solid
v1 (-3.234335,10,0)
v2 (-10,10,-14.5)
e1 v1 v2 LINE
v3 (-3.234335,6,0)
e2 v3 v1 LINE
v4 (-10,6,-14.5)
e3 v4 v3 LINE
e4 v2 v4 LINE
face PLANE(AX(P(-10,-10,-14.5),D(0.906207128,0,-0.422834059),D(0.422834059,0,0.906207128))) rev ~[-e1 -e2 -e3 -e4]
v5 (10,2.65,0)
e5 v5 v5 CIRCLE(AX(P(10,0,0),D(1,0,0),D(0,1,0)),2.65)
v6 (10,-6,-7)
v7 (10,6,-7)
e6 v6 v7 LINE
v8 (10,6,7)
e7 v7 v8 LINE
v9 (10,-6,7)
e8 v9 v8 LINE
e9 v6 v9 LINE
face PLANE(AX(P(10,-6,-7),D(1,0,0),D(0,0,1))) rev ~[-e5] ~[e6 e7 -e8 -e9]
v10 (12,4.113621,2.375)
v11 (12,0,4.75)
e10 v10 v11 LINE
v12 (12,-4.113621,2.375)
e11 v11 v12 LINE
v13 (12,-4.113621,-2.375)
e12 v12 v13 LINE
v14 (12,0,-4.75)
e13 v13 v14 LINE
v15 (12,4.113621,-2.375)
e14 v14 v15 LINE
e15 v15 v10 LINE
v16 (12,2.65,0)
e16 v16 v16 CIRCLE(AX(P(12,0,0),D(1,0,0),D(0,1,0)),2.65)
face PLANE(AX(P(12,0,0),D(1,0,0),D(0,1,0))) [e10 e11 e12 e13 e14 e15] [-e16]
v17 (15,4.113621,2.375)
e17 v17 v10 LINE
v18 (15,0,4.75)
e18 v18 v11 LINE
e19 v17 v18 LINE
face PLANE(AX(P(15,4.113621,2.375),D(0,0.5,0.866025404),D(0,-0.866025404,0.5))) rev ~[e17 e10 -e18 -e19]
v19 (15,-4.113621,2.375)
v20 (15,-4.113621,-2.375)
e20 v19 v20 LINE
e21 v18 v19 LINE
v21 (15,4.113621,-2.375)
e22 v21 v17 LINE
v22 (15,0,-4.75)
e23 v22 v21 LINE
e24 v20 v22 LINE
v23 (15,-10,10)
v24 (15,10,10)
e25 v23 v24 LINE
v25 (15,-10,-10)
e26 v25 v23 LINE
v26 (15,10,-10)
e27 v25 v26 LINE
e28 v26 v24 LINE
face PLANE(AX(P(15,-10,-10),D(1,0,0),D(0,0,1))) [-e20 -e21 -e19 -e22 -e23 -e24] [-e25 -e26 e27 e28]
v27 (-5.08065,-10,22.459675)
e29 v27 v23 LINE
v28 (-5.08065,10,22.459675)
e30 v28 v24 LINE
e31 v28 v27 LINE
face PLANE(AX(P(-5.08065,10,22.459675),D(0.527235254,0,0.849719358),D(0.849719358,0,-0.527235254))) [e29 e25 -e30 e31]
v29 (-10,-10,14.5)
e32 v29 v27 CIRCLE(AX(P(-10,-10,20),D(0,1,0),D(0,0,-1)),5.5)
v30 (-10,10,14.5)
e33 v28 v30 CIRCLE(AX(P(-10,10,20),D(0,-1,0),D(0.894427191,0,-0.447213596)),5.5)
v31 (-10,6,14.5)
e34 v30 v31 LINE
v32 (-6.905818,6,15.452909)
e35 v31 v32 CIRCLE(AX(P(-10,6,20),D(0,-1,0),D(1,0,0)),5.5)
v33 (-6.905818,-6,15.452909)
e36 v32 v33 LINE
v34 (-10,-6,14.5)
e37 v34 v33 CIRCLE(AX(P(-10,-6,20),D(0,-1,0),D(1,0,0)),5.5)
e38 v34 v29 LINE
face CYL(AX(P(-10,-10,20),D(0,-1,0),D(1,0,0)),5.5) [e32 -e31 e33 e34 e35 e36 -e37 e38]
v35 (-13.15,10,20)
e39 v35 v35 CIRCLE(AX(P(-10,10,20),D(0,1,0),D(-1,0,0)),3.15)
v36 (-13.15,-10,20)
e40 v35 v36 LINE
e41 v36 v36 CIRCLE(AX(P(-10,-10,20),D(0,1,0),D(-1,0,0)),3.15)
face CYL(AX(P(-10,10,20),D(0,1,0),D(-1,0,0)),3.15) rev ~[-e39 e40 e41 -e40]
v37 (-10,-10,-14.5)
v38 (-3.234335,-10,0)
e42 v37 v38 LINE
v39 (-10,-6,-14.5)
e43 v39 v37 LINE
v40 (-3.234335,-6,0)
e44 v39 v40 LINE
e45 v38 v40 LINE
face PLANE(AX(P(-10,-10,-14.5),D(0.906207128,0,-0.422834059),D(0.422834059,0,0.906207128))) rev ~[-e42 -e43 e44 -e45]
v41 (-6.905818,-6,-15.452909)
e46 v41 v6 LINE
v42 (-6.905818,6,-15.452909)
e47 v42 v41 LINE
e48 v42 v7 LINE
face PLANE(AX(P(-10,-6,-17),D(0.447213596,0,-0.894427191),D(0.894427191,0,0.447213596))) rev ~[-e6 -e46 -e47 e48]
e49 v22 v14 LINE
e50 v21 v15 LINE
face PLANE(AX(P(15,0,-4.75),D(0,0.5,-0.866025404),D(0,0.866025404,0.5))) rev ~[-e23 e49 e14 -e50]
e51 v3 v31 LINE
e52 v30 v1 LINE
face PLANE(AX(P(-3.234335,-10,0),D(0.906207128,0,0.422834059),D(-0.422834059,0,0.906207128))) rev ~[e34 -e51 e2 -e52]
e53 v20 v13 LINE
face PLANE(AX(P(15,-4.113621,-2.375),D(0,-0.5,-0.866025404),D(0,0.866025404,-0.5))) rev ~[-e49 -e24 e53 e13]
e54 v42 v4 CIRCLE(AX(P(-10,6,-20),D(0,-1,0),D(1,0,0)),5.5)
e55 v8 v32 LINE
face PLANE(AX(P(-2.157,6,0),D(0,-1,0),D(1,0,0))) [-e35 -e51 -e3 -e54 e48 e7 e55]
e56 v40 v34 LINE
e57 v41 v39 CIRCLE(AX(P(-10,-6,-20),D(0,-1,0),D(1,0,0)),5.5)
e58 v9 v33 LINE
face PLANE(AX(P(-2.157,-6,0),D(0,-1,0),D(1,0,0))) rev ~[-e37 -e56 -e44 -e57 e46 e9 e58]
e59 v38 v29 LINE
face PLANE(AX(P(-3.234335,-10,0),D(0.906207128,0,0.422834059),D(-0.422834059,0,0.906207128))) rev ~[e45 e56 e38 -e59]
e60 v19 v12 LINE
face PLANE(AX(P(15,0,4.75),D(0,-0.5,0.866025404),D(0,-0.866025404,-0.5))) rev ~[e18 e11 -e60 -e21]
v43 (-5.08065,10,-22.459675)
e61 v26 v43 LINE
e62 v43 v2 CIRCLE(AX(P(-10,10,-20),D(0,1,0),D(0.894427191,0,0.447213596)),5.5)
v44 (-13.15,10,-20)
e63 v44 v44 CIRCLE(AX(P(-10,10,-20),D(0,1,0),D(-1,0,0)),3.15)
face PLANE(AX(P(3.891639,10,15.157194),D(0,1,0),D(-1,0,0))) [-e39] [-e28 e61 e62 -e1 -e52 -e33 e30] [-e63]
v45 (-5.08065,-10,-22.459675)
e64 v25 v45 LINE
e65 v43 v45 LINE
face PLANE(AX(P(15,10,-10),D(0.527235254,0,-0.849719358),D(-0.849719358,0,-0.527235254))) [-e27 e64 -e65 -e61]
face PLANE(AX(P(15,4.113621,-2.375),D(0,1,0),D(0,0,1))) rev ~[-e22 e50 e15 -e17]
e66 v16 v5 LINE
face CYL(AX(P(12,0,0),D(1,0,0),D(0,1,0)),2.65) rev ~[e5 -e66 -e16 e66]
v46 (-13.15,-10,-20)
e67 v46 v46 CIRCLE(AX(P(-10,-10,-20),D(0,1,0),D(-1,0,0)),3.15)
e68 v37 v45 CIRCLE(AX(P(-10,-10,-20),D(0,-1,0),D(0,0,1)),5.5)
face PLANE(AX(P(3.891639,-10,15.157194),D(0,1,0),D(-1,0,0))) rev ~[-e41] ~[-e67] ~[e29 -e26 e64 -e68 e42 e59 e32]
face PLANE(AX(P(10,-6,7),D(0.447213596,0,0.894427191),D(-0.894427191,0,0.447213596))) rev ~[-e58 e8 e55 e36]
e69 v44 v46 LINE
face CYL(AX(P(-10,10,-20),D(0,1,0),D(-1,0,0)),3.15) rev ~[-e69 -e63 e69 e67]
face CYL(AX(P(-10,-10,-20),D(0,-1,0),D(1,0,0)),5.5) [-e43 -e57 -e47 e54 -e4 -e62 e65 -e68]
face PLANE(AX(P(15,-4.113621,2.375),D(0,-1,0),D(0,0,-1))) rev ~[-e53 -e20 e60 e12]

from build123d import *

# Parameters (mm, degrees)
F1_DEPTH  = 10
F2_W      = 5
F2_H      = 20
F3_DEPTH  = 20
F5_DEPTH  = 3
F8_DEPTH  = 12
F9_R      = 5.5
F10_DEPTH = 20
F11_R     = 2.65
F12_DEPTH = 25
F13_R     = 3.15
F14_DEPTH = 25
F16_DEPTH = 20
F18_DEPTH = 25


with BuildPart() as f1:
    # F0 (on Front) → F1 (new body, symmetric)
    with BuildSketch(Plane.XZ):
        Polygon((-10, 20), (-10, -20), (10, -10), (10, 10), align=None)
    extrude(amount=F1_DEPTH, both=True)

    # F2 (on face) → F3 (join, through all)
    with BuildSketch(Plane.XZ.offset(10)):
        with Locations((12.5, 0)):
            Rectangle(F2_W, F2_H)
    extrude(amount=-F3_DEPTH)

    # F4 (on face) → F5 (cut)
    with BuildSketch(Plane.YZ.offset(15)):
        Polygon((0, -4.75), (4.113620668, -2.375), (4.113620668, 2.375), (0, 4.75), (-4.1136206679, 2.375), (-4.1136206679, -2.375), align=None)
    extrude(amount=-F5_DEPTH, mode=Mode.SUBTRACT)

    # F7 (on offset) → F8 (cut, through all)
    with BuildSketch(Plane.XZ.offset(6)):
        Polygon((-10, 17), (-10, -17), (10, -7), (10, 7), align=None)
    extrude(amount=-F8_DEPTH, mode=Mode.SUBTRACT)

    # F9 (on face) → F10 (join, through all)
    with BuildSketch(Plane.XZ.offset(10)):
        with Locations((-10, 20)):
            Circle(F9_R)
        with Locations((-10, -20)):
            Circle(F9_R)
    extrude(amount=-F10_DEPTH)

    # F11 (on face) → F12 (cut)
    with BuildSketch(Plane.YZ.offset(12)):
        Circle(F11_R)
    extrude(amount=-F12_DEPTH, mode=Mode.SUBTRACT)

    # F13 (on face) → F14 (cut)
    with BuildSketch(Plane(origin=(0, 10, 0), x_dir=(-1, 0, 0), z_dir=(0, 1, 0))):
        with Locations((10, -20)):
            Circle(F13_R)
        with Locations((10, 20)):
            Circle(F13_R)
    extrude(amount=-F14_DEPTH, mode=Mode.SUBTRACT)

    # F15 (on face) → F16 (join, through all)
    with BuildSketch(Plane(origin=(0, 10, 0), x_dir=(-1, 0, 0), z_dir=(0, 1, 0))):
        Polygon((-10, 10), (5.0806504495, 17.5403252248), (5.0806504495, 22.4596747752), (-15, 10), align=None)
        Polygon((5.0806504495, -22.4596747752), (5.0806504495, -17.5403252248), (-10, -10), (-15, -10), align=None)
    extrude(amount=-F16_DEPTH)

    # F17 (on face) → F18 (cut)
    with BuildSketch(Plane.XZ.offset(10)):
        Polygon((-3.2343349885, 0), (-10, 14.5), (-10, -14.5), align=None)
    extrude(amount=-F18_DEPTH, mode=Mode.SUBTRACT)


solid = f1.part
